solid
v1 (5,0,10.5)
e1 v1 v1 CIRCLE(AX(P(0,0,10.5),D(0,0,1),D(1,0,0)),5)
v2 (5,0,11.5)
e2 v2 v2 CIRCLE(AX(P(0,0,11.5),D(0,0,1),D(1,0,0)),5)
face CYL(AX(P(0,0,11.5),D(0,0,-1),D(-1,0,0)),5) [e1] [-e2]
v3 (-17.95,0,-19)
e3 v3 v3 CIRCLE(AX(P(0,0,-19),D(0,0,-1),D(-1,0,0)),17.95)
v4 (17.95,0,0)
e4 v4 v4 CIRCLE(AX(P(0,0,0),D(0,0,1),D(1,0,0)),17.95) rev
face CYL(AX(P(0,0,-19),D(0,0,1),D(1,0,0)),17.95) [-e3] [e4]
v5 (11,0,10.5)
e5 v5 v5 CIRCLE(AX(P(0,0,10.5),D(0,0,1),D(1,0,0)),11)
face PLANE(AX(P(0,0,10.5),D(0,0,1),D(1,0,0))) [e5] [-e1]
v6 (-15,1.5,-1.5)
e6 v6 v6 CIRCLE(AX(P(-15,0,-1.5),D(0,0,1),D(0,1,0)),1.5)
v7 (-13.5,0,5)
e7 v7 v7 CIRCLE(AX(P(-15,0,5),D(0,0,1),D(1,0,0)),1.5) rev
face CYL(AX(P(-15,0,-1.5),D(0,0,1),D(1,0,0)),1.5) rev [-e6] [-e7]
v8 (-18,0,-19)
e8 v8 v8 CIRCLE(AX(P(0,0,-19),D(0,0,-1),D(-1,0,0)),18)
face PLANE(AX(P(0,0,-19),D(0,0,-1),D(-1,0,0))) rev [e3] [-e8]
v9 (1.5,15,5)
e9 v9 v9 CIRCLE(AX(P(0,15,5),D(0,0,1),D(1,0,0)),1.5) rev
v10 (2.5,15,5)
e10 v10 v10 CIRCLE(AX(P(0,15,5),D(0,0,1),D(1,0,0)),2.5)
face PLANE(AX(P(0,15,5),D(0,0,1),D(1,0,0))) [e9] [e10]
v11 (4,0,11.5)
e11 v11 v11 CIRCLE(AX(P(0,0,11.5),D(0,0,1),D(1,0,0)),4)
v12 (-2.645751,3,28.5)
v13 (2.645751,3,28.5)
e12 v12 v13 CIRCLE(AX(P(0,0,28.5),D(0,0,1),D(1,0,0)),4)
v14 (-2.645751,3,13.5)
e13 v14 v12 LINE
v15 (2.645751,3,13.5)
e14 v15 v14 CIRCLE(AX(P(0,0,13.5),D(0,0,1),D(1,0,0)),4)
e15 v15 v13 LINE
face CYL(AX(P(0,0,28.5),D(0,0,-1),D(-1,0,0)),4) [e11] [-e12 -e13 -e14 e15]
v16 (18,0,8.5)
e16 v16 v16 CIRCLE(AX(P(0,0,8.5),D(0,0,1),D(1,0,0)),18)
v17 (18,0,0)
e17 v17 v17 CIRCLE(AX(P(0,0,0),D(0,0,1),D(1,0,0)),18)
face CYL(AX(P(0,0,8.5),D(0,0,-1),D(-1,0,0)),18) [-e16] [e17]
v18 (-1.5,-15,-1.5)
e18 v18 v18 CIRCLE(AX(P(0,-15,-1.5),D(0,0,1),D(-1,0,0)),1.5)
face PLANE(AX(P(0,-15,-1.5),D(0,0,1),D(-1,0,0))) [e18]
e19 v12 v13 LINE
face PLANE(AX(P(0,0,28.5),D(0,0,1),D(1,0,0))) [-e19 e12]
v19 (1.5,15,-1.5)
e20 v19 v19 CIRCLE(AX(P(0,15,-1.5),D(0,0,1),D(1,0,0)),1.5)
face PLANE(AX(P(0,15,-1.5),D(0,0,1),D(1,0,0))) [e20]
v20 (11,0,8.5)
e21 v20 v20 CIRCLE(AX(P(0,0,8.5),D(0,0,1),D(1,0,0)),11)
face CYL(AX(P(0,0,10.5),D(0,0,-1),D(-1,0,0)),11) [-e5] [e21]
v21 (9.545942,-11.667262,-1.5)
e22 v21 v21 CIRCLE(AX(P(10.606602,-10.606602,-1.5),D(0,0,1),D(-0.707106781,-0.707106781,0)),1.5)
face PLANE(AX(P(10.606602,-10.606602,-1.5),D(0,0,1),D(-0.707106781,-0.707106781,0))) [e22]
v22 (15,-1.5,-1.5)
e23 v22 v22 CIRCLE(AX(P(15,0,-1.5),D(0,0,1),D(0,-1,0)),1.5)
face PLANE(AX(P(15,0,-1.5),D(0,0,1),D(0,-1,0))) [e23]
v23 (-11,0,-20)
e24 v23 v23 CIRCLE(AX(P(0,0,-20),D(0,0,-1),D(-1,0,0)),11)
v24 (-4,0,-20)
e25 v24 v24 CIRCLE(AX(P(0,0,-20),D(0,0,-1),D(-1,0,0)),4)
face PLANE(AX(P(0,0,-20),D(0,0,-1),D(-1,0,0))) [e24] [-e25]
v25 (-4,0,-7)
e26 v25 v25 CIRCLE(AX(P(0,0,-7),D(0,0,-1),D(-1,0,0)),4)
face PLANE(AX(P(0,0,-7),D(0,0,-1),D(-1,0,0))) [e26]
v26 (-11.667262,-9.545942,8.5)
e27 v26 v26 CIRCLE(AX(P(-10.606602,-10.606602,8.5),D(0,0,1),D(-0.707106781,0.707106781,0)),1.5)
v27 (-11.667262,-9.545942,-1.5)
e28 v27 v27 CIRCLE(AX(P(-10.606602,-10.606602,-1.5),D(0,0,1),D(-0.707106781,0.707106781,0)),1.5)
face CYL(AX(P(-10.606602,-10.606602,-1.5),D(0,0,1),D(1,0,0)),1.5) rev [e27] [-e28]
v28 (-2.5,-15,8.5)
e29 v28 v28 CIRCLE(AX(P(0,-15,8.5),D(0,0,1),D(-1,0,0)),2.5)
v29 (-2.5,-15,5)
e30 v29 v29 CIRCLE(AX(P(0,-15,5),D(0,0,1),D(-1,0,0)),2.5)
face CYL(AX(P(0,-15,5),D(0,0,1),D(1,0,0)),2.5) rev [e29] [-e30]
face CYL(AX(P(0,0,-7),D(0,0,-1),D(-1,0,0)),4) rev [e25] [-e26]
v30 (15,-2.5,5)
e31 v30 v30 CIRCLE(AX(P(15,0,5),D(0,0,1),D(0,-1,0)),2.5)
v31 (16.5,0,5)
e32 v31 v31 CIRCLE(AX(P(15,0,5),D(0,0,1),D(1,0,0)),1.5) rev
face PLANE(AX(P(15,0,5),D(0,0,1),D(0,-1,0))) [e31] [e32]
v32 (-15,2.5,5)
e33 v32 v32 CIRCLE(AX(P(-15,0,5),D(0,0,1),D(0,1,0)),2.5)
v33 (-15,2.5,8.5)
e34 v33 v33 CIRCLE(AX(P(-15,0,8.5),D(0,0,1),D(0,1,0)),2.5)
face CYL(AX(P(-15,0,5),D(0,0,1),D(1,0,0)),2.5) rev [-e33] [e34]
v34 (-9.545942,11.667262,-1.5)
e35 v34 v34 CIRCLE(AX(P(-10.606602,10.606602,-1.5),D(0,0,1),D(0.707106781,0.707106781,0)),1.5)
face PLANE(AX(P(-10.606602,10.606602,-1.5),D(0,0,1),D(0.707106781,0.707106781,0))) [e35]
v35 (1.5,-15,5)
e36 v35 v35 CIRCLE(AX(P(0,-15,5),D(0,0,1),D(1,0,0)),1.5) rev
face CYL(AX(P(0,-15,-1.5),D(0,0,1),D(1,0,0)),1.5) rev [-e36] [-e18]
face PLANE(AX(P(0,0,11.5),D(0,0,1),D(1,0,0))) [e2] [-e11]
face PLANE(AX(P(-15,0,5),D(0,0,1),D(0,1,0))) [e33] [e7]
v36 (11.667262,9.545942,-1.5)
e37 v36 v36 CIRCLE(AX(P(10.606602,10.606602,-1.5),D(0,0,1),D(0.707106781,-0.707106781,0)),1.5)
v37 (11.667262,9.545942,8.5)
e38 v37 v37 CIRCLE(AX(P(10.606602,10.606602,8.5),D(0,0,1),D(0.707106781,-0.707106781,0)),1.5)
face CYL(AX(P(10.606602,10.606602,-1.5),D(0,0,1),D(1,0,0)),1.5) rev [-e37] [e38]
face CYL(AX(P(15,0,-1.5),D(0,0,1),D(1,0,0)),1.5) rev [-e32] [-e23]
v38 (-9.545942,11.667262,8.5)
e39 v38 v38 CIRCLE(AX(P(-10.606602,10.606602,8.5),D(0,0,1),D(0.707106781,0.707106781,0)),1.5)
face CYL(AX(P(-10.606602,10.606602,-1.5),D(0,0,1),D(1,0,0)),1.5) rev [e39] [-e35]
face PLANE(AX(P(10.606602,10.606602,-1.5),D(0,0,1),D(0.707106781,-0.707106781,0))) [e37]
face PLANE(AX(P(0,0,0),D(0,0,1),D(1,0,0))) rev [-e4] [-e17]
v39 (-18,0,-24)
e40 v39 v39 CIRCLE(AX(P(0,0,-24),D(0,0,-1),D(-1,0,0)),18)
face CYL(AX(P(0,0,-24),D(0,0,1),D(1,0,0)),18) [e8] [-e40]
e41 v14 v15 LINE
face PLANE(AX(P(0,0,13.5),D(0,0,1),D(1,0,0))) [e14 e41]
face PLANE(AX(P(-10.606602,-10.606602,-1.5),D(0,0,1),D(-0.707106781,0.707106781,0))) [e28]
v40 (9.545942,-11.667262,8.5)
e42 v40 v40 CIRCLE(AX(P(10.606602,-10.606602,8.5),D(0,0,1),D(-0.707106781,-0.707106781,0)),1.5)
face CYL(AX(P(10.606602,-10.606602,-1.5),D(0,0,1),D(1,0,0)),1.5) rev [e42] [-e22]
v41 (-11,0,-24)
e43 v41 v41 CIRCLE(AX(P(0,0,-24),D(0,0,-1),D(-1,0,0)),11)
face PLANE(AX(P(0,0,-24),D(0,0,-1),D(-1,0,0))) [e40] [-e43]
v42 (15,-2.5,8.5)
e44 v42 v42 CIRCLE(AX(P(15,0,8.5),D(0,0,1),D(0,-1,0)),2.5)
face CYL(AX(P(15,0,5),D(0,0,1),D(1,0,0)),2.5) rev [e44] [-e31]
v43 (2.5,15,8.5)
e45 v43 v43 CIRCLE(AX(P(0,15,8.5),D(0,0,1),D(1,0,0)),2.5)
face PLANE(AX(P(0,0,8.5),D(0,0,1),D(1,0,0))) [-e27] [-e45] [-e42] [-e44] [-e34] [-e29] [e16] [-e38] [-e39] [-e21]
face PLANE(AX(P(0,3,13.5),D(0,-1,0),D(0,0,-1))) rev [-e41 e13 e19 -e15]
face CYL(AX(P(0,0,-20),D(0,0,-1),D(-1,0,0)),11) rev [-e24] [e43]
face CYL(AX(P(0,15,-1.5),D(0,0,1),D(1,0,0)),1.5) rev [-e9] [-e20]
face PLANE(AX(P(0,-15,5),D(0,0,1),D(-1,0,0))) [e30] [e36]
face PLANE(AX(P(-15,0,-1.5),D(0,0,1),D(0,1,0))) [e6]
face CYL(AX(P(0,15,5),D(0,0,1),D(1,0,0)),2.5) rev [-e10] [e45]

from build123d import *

# Parameters (mm, degrees)
SKETCH_1_R               = 18
EXTRUDE_1_DEPTH          = 8.5
SKETCH_2_R               = 17.95
EXTRUDE_2_DEPTH          = 19
SKETCH_3_R               = 18
EXTRUDE_3_DEPTH          = 5
SKETCH_4_R               = 11
EXTRUDE_4_DEPTH          = 2
SKETCH_5_R               = 5
EXTRUDE_5_DEPTH          = 1
SKETCH_6_R               = 4
EXTRUDE_6_DEPTH          = 17
CUT_EXTRUDE_1_DEPTH      = 1
CUT_EXTRUDE_1_DEPTH_BACK = 15
SKETCH_8_R               = 11
CUT_EXTRUDE_2_DEPTH      = 4
SKETCH_9_R               = 4
CUT_EXTRUDE_3_DEPTH      = 17
SKETCH_10_R              = 1.5
CUT_EXTRUDE_4_DEPTH      = 10
PATTERN_CIRCULAR_1_COUNT = 8
SKETCH_11_R              = 2.5
CUT_EXTRUDE_5_DEPTH      = 3.5
PATTERN_CIRCULAR_2_COUNT = 4


with BuildPart() as part:
    # 草圖1 → 填料-伸長1 (new body)
    with BuildSketch(Plane.XY):
        Circle(SKETCH_1_R)
    extrude(amount=EXTRUDE_1_DEPTH)

    # 草圖2 → 填料-伸長2 (add)
    with BuildSketch(Plane(origin=(0, 0, 0), x_dir=(-1, 0, 0), z_dir=(0, 0, -1))):
        Circle(SKETCH_2_R)
    extrude(amount=EXTRUDE_2_DEPTH)

    # 草圖3 → 填料-伸長3 (add)
    with BuildSketch(Plane(origin=(0, 0, -19), x_dir=(-1, 0, 0), z_dir=(0, 0, -1))):
        Circle(SKETCH_3_R)
    extrude(amount=EXTRUDE_3_DEPTH)

    # 草圖4 → 填料-伸長4 (add)
    with BuildSketch(Plane.XY.offset(8.5)):
        Circle(SKETCH_4_R)
    extrude(amount=EXTRUDE_4_DEPTH)

    # 草圖5 → 填料-伸長5 (add)
    with BuildSketch(Plane.XY.offset(10.5)):
        Circle(SKETCH_5_R)
    extrude(amount=EXTRUDE_5_DEPTH)

    # 草圖6 → 填料-伸長6 (add)
    with BuildSketch(Plane.XY.offset(11.5)):
        Circle(SKETCH_6_R)
    extrude(amount=EXTRUDE_6_DEPTH)

    # 草圖7 → 除料-伸長1 (cut, two sides)
    with BuildSketch(Plane.XY.offset(28.5)) as cut_extrude_1_sk:
        Polygon((-71.543868334, 3), (-2.645751311, 3), (2.645751311, 3), (71.543868334, 3), (71.543868334, 140.796234045), (-71.543868334, 140.796234045), align=None)
    extrude(amount=CUT_EXTRUDE_1_DEPTH, mode=Mode.SUBTRACT)
    extrude(cut_extrude_1_sk.sketch, amount=-CUT_EXTRUDE_1_DEPTH_BACK, mode=Mode.SUBTRACT)

    # 草圖8 → 除料-伸長2 (cut)
    with BuildSketch(Plane(origin=(0, 0, -24), x_dir=(-1, 0, 0), z_dir=(0, 0, -1))):
        Circle(SKETCH_8_R)
    extrude(amount=-CUT_EXTRUDE_2_DEPTH, mode=Mode.SUBTRACT)

    # 草圖9 → 除料-伸長3 (cut)
    with BuildSketch(Plane(origin=(0, 0, -24), x_dir=(-1, 0, 0), z_dir=(0, 0, -1))):
        Circle(SKETCH_9_R)
    extrude(amount=-CUT_EXTRUDE_3_DEPTH, mode=Mode.SUBTRACT)

    # 草圖10 → 除料-伸長4 (cut)
    with BuildSketch(Plane.XY.offset(8.5)):
        with Locations((0, 15)):
            Circle(SKETCH_10_R)
    cut_extrude_4 = extrude(amount=-CUT_EXTRUDE_4_DEPTH, mode=Mode.SUBTRACT)

    # 環狀複製排列1: 除料-伸長4 ×8 about axis
    pattern_circular_1_axis = Axis((0, 0, 0), (0, 0, 1))
    for i in range(1, PATTERN_CIRCULAR_1_COUNT):
        add(cut_extrude_4.rotate(pattern_circular_1_axis, i * 360 / PATTERN_CIRCULAR_1_COUNT), mode=Mode.SUBTRACT)

    # 草圖11 → 除料-伸長5 (cut)
    with BuildSketch(Plane.XY.offset(8.5)):
        with Locations((0, 15)):
            Circle(SKETCH_11_R)
    cut_extrude_5 = extrude(amount=-CUT_EXTRUDE_5_DEPTH, mode=Mode.SUBTRACT)

    # 環狀複製排列2: 除料-伸長5 ×4 about axis
    pattern_circular_2_axis = Axis((0, 0, 0), (0, 0, 1))
    for i in range(1, PATTERN_CIRCULAR_2_COUNT):
        add(cut_extrude_5.rotate(pattern_circular_2_axis, i * 360 / PATTERN_CIRCULAR_2_COUNT), mode=Mode.SUBTRACT)


solid = part.part
